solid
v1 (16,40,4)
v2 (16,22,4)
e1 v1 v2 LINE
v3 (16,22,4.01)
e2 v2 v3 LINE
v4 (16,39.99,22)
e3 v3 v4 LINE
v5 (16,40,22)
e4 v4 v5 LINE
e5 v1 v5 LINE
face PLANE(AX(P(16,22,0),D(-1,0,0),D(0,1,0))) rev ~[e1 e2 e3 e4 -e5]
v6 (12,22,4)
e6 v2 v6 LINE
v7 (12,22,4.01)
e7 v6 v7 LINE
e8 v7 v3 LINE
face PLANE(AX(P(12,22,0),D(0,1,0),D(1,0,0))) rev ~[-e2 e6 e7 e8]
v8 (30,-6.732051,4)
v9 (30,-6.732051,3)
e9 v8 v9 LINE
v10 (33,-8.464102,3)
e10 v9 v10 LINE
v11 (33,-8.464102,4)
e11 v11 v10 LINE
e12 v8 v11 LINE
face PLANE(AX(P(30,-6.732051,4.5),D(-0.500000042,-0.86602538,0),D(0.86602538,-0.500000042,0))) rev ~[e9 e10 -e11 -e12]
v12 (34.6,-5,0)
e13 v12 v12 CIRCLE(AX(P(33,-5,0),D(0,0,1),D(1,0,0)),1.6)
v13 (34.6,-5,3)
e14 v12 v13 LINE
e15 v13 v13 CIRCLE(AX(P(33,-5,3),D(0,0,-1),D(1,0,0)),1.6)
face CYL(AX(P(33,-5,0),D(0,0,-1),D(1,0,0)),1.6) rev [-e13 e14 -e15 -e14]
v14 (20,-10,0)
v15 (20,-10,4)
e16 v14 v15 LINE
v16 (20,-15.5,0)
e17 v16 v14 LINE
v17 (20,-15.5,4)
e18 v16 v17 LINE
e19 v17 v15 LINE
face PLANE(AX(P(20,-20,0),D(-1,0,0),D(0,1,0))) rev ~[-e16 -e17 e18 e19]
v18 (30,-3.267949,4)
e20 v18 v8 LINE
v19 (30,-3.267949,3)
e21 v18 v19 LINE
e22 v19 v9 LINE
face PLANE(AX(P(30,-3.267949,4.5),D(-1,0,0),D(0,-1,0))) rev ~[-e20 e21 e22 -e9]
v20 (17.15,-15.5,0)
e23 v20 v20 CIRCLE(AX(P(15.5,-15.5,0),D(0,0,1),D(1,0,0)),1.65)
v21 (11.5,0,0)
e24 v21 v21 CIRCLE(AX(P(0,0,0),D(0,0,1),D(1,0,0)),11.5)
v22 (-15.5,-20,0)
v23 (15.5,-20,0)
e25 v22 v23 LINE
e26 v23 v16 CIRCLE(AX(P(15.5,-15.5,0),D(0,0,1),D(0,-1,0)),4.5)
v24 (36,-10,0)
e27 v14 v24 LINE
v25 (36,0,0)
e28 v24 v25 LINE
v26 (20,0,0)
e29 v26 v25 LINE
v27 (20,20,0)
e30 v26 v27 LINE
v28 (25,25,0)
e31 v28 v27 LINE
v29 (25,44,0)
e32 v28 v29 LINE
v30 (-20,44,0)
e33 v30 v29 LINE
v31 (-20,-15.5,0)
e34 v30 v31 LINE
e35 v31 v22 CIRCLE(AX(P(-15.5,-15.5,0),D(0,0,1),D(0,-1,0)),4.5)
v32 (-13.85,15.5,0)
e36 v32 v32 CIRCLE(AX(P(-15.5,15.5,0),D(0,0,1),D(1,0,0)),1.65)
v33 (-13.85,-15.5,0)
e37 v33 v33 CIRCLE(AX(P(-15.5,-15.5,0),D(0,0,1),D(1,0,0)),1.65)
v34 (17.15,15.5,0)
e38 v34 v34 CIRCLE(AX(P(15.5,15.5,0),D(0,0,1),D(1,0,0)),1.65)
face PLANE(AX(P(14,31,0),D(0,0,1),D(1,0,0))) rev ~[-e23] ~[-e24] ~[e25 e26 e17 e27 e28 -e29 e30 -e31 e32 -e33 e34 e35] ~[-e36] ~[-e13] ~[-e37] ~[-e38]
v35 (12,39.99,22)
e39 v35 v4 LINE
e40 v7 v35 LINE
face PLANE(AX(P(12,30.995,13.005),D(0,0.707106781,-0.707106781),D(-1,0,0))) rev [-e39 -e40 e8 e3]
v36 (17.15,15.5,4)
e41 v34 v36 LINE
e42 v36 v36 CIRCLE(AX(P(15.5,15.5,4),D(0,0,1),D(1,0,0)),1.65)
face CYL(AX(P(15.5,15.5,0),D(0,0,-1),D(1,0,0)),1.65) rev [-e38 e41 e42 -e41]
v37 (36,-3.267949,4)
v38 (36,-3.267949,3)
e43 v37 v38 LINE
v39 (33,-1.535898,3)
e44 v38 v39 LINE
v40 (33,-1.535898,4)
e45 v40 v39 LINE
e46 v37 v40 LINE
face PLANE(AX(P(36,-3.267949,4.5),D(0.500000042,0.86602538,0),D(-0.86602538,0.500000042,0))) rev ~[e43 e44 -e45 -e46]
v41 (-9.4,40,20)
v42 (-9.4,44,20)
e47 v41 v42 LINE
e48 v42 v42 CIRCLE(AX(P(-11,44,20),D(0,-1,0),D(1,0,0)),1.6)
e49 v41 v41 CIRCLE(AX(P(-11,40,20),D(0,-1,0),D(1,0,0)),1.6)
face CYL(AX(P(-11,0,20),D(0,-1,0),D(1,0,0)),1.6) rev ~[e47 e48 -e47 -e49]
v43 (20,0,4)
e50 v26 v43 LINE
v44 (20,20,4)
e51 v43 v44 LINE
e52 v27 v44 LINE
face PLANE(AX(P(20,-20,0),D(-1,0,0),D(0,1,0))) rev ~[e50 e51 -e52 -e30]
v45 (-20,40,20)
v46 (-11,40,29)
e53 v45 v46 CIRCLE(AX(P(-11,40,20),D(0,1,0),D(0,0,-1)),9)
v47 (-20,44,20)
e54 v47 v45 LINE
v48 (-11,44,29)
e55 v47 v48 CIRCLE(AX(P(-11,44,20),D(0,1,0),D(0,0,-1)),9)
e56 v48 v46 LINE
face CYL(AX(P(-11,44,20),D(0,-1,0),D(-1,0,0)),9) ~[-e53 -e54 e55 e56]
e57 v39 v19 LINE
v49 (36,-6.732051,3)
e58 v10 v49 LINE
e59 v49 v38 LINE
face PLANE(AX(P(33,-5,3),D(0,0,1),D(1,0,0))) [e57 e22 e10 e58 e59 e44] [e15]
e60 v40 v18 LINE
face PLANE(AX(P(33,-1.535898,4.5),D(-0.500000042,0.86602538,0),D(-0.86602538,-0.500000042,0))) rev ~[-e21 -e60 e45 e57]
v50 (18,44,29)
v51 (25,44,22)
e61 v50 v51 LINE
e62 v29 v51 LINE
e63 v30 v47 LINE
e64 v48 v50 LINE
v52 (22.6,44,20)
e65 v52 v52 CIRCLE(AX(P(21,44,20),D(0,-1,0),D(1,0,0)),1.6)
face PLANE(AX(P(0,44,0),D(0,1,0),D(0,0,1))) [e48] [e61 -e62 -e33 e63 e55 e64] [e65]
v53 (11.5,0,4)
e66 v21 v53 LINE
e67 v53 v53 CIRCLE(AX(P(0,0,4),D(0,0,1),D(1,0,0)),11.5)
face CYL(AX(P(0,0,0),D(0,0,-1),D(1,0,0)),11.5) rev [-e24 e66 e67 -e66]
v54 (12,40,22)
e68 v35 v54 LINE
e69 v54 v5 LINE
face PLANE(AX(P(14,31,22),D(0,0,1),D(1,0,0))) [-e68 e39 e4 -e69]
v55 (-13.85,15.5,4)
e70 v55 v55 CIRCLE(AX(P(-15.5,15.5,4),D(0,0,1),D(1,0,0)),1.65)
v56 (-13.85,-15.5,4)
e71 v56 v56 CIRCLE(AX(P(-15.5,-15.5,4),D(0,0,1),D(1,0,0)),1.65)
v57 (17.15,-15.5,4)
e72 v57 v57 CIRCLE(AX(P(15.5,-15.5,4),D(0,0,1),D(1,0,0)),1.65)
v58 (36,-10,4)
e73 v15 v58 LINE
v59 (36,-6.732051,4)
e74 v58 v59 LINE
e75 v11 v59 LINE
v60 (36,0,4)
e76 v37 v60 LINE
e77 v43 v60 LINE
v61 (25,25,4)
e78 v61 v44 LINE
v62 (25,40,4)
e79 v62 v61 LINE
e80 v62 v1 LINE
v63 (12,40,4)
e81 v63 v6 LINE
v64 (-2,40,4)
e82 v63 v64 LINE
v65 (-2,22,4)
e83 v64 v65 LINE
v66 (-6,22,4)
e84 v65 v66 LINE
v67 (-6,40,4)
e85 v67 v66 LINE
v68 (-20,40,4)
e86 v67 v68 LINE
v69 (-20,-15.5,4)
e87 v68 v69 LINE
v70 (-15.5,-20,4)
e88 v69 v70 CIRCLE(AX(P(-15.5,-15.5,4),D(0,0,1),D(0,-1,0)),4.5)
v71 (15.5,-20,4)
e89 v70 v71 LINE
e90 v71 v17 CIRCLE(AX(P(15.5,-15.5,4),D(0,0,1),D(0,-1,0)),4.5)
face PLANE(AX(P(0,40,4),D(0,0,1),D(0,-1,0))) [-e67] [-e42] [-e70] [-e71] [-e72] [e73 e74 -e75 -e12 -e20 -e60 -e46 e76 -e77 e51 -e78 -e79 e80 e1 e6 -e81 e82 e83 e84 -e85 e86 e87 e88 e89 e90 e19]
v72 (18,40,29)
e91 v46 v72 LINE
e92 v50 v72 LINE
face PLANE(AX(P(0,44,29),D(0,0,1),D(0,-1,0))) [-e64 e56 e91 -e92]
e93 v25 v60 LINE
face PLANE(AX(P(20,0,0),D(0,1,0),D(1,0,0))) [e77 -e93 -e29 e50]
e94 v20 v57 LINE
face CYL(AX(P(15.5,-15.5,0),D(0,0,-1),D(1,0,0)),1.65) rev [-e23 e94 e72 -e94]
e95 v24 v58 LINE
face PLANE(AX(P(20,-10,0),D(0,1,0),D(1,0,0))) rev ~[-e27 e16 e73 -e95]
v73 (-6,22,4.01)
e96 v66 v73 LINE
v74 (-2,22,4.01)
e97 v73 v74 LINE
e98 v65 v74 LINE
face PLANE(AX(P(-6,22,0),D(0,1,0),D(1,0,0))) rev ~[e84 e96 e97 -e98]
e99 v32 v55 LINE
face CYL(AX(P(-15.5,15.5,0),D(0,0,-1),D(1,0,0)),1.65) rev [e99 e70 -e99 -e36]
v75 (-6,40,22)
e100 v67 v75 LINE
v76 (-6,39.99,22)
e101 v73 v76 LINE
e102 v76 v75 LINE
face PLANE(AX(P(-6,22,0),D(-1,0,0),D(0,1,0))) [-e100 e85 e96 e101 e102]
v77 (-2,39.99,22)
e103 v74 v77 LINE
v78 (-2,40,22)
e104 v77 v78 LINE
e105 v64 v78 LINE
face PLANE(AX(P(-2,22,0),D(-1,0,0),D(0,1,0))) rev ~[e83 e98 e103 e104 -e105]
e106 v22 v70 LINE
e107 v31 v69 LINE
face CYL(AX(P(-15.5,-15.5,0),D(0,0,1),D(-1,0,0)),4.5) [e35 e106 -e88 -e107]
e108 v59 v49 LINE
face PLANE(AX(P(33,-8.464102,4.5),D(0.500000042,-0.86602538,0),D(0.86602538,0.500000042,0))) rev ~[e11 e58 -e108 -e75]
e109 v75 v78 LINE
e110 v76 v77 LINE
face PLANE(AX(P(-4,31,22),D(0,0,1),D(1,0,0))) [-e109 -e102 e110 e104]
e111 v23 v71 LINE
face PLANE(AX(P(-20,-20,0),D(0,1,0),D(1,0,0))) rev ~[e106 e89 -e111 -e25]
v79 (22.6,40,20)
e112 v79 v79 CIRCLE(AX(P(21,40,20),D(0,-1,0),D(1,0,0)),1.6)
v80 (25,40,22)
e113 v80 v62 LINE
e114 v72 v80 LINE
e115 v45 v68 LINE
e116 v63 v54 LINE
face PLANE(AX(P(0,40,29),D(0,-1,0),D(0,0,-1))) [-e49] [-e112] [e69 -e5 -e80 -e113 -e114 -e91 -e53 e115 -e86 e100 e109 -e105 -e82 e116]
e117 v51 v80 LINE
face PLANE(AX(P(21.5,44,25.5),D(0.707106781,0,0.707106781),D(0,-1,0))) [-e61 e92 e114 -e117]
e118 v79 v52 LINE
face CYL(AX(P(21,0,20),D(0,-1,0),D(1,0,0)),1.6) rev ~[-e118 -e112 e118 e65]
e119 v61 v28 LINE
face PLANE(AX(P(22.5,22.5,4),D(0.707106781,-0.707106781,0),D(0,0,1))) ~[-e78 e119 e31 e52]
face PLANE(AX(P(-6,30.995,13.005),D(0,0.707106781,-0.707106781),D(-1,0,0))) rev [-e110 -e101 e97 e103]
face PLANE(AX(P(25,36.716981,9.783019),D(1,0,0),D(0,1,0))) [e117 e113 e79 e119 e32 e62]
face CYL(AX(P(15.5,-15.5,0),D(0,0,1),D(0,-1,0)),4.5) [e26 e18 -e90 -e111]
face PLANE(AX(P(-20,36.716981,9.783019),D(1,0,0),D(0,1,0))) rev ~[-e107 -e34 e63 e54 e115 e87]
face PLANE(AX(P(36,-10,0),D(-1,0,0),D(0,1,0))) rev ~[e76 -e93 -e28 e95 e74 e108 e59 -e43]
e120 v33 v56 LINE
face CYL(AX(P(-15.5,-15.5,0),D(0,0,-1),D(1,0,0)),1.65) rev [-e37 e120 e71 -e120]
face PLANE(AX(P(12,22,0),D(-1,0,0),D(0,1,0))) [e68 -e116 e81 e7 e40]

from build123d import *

# Parameters (mm, degrees)
PAD001_DEPTH      = 25
PAD001_DEPTH_BACK = 20
SKETCH002_W       = 4
SKETCH002_H       = 18
PAD002_DEPTH      = 22
SKETCH003_R       = 1.6
POCKET_DEPTH      = 44.001
FILLET001_R       = 9
CHAMFER_SIZE      = 7
CHAMFER001_SIZE   = 5
CHAMFER002_SIZE   = 17.99
SKETCH004_W       = 16
SKETCH004_H       = 10
PAD003_DEPTH      = 4
SKETCH005_R       = 1.6
POCKET001_DEPTH   = 4.001
POCKET002_DEPTH   = 1.5
SKETCH_W          = 40
SKETCH_H          = 40
SKETCH_R          = 1.65
SKETCH_R_2        = 11.5
PAD_DEPTH         = 4
FILLET_R          = 4.5


with BuildPart() as clippingbody:
    # Sketch001 → Pad001 (new body, two sides)
    with BuildSketch(Plane.YZ) as pad001_sk:
        Polygon((20, 0), (44, 0), (44, 29), (40, 29), (40, 4), (20, 4), align=None)
    extrude(amount=PAD001_DEPTH)
    extrude(pad001_sk.sketch, amount=-PAD001_DEPTH_BACK)

    # Sketch002 → Pad002 (join)
    with BuildSketch(Plane.XY):
        with Locations((14, 31)):
            Rectangle(SKETCH002_W, SKETCH002_H)
        with Locations((-4, 31)):
            Rectangle(SKETCH002_W, SKETCH002_H)
    extrude(amount=PAD002_DEPTH)

    # Sketch003 → Pocket (cut, through all)
    with BuildSketch(Plane.XZ):
        with Locations((21, 20)):
            Circle(SKETCH003_R)
        with Locations((-11, 20)):
            Circle(SKETCH003_R)
    extrude(amount=-POCKET_DEPTH, mode=Mode.SUBTRACT)

    # Fillet001
    fillet001_edges = [clippingbody.edges().sort_by_distance(p)[0] for p in [
        (-20, 42, 29),
    ]]
    fillet(fillet001_edges, radius=FILLET001_R)

    # Chamfer
    chamfer_edges = [clippingbody.edges().sort_by_distance(p)[0] for p in [
        (25, 42, 29),
    ]]
    chamfer(chamfer_edges, length=CHAMFER_SIZE)

    # Chamfer001
    chamfer001_edges = [clippingbody.edges().sort_by_distance(p)[0] for p in [
        (25, 20, 2),
    ]]
    chamfer(chamfer001_edges, length=CHAMFER001_SIZE)

    # Chamfer002
    chamfer002_edges = [clippingbody.edges().sort_by_distance(p)[0] for p in [
        (-4, 22, 22),
        (14, 22, 22),
    ]]
    chamfer(chamfer002_edges, length=CHAMFER002_SIZE)


with BuildPart() as sidestandbody:
    # Sketch004 → Pad003 (new body)
    with BuildSketch(Plane.XY):
        with Locations((28, -5)):
            Rectangle(SKETCH004_W, SKETCH004_H)
    extrude(amount=PAD003_DEPTH)

    # Sketch005 → Pocket001 (cut, through all)
    with BuildSketch(Plane.XY):
        with Locations((33, -5)):
            Circle(SKETCH005_R)
    extrude(amount=POCKET001_DEPTH, mode=Mode.SUBTRACT)

    # Sketch006 (on DatumPlane) → Pocket002 (cut)
    with BuildSketch(Plane.XY.offset(4.5)):
        Polygon((33, -8.464102), (36, -6.732051), (36, -3.267949), (33, -1.535898), (30, -3.267949), (30, -6.732051), align=None)
    extrude(amount=-POCKET002_DEPTH, mode=Mode.SUBTRACT)


with BuildPart() as holderfusion_refined:
    # Sketch → Pad (new body)
    with BuildSketch(Plane.XY):
        Rectangle(SKETCH_W, SKETCH_H)
        with Locations((-15.5, 15.5)):
            Circle(SKETCH_R, mode=Mode.SUBTRACT)
        with Locations((15.5, 15.5)):
            Circle(SKETCH_R, mode=Mode.SUBTRACT)
        with Locations((15.5, -15.5)):
            Circle(SKETCH_R, mode=Mode.SUBTRACT)
        with Locations((-15.5, -15.5)):
            Circle(SKETCH_R, mode=Mode.SUBTRACT)
        Circle(SKETCH_R_2, mode=Mode.SUBTRACT)
    extrude(amount=PAD_DEPTH)

    # Fillet
    fillet_edges = [holderfusion_refined.edges().sort_by_distance(p)[0] for p in [
        (20, -20, 2),
        (-20, -20, 2),
    ]]
    fillet(fillet_edges, radius=FILLET_R)

    # Fusion: union ClippingBody, SideStandBody
    add(clippingbody.part)
    add(sidestandbody.part)


solid = holderfusion_refined.part
